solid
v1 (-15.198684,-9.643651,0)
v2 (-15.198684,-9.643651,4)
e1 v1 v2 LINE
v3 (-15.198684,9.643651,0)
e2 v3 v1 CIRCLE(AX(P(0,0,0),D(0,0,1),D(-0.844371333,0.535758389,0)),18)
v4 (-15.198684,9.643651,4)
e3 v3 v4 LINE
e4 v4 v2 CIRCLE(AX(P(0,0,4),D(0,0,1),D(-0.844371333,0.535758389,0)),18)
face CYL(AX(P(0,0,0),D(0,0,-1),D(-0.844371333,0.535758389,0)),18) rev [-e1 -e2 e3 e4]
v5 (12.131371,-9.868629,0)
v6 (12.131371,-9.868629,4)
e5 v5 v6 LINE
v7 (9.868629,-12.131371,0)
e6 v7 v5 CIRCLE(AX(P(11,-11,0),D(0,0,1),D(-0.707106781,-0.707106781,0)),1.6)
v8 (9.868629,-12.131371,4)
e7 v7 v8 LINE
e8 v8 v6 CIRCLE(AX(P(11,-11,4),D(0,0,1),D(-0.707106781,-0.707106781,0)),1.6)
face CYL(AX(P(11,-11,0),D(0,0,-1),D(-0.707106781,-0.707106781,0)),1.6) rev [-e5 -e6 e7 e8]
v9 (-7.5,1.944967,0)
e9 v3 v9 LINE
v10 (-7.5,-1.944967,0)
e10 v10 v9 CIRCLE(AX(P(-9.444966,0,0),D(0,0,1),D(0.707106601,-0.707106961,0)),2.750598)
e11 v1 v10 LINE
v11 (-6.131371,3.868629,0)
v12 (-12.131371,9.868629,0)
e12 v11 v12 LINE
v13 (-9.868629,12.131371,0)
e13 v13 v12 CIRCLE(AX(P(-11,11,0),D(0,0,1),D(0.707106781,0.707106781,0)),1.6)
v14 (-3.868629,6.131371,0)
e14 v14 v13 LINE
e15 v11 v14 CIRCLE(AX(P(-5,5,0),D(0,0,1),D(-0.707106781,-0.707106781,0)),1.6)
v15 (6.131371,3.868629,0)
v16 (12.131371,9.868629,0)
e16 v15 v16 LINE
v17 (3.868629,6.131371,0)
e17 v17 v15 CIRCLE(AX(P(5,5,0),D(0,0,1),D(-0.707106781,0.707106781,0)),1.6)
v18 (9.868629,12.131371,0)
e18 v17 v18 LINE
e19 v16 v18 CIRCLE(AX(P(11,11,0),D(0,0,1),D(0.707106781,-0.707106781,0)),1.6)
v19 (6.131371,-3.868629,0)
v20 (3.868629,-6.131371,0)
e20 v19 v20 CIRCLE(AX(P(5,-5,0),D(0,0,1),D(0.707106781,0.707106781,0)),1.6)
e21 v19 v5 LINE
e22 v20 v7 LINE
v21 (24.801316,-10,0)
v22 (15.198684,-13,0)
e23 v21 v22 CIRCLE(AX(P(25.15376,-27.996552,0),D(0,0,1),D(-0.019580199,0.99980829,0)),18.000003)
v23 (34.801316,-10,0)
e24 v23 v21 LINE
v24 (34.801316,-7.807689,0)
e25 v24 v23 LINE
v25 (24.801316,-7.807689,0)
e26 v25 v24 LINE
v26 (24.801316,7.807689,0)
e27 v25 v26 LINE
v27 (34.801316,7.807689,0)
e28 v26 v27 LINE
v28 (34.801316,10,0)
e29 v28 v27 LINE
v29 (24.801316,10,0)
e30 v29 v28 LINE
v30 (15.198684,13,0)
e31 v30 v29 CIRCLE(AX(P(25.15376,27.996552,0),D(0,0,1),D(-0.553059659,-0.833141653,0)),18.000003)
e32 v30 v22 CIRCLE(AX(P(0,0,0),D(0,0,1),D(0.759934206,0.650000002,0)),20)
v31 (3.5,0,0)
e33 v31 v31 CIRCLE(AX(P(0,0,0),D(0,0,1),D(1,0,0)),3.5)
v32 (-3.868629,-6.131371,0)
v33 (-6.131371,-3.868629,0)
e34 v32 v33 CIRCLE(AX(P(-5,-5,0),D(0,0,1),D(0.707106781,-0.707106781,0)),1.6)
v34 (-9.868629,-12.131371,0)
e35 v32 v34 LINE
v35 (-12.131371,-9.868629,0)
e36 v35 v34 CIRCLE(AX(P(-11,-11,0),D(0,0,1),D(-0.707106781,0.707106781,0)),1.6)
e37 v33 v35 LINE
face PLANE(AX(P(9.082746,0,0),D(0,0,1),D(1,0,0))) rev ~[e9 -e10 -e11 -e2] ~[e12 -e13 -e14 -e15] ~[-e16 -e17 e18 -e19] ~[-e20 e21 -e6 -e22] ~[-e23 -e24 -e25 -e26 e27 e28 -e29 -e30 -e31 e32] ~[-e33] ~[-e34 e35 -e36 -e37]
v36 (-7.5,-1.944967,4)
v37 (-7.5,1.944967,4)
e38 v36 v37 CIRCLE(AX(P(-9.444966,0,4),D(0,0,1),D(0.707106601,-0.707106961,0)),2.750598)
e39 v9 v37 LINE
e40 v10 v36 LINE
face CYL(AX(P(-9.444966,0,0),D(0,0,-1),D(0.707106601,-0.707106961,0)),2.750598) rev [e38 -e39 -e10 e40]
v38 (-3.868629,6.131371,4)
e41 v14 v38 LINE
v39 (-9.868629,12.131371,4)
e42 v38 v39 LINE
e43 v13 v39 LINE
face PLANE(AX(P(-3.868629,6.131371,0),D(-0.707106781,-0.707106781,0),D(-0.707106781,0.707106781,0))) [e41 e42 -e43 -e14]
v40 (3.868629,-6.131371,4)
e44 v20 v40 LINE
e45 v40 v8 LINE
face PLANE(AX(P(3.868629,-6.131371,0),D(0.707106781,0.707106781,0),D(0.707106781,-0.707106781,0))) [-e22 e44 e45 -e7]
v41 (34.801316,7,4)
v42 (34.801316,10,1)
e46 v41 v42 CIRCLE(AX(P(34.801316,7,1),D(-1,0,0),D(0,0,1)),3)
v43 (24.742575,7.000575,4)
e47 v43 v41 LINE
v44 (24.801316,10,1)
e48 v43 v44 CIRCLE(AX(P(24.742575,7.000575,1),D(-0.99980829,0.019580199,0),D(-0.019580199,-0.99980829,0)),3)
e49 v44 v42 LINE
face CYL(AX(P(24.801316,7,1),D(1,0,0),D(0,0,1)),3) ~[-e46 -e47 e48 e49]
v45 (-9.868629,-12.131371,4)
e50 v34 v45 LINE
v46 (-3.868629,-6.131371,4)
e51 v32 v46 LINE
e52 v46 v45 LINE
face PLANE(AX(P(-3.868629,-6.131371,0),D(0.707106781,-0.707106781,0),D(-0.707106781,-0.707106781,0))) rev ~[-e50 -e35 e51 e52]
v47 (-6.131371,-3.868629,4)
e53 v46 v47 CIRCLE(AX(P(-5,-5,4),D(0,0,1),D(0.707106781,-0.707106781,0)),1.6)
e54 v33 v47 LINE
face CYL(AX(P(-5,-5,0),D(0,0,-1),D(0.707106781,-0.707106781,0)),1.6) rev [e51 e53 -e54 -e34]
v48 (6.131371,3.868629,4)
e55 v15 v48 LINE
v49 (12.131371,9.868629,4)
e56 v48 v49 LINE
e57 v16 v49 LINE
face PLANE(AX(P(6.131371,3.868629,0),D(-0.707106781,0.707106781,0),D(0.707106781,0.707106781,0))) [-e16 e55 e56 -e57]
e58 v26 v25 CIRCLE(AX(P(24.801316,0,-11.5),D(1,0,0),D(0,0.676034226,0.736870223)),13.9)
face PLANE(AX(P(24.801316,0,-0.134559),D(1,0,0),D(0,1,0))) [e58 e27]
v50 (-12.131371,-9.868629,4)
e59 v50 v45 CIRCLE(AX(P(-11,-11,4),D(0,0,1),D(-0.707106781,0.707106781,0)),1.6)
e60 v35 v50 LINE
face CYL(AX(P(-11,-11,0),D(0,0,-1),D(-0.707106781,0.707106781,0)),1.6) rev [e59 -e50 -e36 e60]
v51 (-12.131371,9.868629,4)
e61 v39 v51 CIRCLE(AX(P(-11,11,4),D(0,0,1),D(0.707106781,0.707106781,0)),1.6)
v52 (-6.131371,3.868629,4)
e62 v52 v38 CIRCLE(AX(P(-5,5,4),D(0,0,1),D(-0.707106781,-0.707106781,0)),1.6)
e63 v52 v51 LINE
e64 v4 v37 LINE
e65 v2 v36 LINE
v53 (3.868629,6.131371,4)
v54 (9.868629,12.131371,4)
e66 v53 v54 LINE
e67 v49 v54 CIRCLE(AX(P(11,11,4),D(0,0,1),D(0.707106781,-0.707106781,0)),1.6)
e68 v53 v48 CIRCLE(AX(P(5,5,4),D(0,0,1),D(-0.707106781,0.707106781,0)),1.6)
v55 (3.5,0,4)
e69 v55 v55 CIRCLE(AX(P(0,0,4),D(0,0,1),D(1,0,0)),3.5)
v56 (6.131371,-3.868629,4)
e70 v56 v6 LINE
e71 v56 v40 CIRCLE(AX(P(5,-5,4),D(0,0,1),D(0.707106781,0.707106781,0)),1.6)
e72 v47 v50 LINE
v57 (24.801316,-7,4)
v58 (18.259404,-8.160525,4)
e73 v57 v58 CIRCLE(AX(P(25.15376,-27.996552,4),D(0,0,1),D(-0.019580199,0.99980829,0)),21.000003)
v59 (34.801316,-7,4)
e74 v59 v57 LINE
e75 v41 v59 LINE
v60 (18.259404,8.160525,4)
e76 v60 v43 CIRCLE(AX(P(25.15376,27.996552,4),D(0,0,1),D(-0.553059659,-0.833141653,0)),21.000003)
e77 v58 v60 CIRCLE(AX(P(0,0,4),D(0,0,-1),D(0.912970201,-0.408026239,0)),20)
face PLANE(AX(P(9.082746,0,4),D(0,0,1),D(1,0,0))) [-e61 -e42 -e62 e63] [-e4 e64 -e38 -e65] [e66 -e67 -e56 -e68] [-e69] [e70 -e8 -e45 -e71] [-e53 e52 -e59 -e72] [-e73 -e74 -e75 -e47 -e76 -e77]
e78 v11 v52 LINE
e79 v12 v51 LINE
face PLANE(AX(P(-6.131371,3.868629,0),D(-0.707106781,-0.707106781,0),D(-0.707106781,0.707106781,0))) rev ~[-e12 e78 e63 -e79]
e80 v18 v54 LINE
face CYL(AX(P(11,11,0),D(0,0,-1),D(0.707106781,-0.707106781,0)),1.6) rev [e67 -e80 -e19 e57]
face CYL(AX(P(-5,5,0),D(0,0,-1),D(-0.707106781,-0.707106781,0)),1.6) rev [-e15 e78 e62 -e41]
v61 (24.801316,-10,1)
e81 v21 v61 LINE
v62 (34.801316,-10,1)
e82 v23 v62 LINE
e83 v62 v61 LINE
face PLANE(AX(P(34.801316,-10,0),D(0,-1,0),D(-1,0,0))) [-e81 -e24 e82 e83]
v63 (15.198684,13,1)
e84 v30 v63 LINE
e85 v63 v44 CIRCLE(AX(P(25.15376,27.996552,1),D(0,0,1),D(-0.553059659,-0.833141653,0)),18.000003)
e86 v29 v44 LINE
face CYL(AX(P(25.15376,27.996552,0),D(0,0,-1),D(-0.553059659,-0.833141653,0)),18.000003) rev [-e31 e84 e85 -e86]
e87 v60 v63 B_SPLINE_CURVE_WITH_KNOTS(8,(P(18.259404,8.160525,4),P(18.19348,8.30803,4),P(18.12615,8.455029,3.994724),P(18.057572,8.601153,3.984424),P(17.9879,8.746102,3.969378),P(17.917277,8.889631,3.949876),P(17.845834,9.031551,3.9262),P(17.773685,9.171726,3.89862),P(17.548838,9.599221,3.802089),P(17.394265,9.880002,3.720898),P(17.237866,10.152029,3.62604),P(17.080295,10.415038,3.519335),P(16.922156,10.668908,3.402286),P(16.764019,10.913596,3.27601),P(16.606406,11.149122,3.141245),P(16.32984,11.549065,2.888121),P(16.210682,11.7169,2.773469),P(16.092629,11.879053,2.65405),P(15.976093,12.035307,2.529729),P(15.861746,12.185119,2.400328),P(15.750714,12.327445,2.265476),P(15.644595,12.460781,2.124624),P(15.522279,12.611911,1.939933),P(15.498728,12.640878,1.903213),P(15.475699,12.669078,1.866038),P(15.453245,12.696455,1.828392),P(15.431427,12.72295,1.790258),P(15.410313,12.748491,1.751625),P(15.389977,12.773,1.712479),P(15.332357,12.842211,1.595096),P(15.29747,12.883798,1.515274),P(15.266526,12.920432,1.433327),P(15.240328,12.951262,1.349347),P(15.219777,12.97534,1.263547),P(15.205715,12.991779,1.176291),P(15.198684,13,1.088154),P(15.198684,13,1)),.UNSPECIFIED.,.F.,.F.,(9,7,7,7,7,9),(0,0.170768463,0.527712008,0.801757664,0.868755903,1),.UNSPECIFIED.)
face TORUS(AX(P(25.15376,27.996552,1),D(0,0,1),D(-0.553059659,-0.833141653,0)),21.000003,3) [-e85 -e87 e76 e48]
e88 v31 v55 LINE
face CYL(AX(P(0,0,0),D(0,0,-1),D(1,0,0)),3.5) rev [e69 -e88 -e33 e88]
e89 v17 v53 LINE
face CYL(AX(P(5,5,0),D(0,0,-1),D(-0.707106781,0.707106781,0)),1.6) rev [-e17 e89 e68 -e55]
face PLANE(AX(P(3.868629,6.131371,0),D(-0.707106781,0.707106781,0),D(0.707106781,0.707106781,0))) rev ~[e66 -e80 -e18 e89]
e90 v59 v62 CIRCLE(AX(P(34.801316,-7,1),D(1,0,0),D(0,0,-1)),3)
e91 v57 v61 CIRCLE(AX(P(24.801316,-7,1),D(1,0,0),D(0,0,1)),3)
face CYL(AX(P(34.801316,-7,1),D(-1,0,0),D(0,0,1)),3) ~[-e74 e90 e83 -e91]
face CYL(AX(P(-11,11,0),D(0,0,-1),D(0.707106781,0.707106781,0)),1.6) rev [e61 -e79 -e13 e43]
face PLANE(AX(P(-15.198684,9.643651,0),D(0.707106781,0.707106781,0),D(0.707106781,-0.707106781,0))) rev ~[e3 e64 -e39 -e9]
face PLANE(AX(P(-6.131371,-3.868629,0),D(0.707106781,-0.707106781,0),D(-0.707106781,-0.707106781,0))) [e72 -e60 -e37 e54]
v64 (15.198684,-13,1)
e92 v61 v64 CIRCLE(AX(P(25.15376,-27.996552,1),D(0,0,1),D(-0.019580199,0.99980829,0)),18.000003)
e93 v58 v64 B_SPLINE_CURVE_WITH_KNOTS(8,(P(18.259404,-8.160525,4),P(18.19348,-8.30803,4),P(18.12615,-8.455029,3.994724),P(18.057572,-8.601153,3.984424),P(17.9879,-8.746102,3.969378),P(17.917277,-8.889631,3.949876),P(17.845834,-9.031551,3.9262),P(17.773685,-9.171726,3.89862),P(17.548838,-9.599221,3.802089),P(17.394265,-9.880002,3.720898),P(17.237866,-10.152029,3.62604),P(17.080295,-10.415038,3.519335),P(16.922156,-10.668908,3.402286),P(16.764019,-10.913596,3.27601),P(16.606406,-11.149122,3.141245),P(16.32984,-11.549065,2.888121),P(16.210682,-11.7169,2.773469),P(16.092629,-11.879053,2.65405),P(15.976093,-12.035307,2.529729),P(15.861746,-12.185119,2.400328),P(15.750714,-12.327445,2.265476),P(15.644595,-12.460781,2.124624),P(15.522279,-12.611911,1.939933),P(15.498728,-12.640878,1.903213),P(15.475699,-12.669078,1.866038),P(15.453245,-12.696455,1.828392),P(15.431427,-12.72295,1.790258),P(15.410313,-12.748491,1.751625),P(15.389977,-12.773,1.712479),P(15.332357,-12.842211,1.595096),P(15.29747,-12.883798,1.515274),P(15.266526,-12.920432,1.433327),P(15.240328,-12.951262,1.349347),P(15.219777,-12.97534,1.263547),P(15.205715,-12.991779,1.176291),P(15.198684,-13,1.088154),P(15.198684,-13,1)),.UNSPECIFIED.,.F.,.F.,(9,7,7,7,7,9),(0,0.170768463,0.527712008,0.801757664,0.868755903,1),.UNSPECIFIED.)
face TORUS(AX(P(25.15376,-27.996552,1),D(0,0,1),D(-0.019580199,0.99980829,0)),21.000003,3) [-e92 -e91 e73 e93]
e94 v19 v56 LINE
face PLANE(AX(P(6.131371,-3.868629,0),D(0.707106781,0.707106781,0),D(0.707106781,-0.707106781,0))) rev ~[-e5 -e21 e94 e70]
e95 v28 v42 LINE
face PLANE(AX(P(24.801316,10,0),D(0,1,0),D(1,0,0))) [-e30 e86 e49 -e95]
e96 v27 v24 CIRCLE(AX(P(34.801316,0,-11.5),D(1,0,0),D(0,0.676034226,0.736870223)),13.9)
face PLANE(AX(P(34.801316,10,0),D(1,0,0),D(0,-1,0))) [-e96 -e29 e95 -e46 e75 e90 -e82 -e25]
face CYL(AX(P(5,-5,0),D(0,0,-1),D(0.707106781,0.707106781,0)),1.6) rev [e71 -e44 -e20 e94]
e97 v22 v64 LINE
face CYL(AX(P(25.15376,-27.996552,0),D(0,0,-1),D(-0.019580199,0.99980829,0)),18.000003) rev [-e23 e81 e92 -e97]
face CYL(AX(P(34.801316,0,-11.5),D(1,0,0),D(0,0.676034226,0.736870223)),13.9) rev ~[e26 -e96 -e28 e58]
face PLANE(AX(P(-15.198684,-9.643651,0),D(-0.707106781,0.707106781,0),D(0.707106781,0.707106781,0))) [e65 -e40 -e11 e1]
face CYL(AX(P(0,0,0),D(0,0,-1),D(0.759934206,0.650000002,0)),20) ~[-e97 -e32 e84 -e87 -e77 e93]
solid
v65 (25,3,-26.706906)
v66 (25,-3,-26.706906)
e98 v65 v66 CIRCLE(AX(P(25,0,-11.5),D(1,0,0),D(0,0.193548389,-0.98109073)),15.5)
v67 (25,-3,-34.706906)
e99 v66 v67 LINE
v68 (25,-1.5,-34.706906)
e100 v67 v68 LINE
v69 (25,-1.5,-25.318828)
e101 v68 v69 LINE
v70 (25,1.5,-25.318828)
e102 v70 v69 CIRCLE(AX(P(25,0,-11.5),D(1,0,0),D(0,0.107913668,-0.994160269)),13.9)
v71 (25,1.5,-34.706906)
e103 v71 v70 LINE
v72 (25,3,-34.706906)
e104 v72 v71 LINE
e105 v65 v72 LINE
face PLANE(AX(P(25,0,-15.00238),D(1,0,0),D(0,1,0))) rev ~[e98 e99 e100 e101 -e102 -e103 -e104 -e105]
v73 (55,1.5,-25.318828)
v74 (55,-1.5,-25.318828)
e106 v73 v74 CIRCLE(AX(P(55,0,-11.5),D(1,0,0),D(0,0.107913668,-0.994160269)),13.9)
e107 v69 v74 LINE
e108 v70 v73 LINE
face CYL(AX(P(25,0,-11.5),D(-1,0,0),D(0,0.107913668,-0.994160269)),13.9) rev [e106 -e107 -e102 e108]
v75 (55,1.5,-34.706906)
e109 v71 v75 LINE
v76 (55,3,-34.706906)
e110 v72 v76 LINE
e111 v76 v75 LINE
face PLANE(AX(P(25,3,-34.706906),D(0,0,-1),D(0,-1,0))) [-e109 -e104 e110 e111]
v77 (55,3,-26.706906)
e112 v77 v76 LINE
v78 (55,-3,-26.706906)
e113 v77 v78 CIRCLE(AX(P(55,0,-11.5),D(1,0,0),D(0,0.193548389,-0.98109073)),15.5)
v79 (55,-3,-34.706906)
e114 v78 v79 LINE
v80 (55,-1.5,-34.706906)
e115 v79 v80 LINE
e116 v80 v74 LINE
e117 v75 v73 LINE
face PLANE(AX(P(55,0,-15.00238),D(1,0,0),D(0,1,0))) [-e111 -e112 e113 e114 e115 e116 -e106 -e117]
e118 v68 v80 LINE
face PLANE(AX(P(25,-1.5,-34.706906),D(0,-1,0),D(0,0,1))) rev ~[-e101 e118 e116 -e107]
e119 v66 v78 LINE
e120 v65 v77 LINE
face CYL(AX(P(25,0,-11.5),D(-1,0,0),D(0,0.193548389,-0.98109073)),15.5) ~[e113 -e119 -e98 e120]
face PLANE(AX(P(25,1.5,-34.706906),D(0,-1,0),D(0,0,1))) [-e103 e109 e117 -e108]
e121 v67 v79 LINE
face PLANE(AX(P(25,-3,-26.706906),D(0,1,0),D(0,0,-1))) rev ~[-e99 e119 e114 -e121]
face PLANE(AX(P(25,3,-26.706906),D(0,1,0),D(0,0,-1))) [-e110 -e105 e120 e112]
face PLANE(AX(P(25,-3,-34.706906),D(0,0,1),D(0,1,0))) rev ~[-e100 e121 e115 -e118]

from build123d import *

# Parameters (mm, degrees)
EXTRUDE002_DEPTH = 30
EXTRUDE003_DEPTH = 10
SKETCH_R         = 3.5
EXTRUDE_DEPTH    = 4
FILLET_R         = 3


with BuildPart() as bracket_cylinder:
    # Sketch001 → Extrude002 (new body)
    with BuildSketch(Plane.YZ.offset(25)):
        with BuildLine():
            ThreePointArc((3, -26.706906), (0, 4), (-3, -26.706906))
            Line((-3, -26.706906), (-3, -34.706906))
            Line((-3, -34.706906), (-1.5, -34.706906))
            Line((-1.5, -34.706906), (-1.5, -25.318828))
            ThreePointArc((1.5, -25.318828), (0, 2.4), (-1.5, -25.318828))
            Line((1.5, -34.706906), (1.5, -25.318828))
            Line((3, -34.706906), (1.5, -34.706906))
            Line((3, -26.706906), (3, -34.706906))
        make_face()
    extrude(amount=EXTRUDE002_DEPTH)


with BuildPart() as extrude003:
    # Sketch002 → Extrude003 (new body)
    with BuildSketch(Plane.YZ.offset(34.801316)):
        with BuildLine():
            ThreePointArc((9.396876, -1.257504), (0, 2.4), (-9.396876, -1.257504))
            Line((-9.396876, -1.257504), (9.396876, -1.257504))
        make_face()
    extrude(amount=-EXTRUDE003_DEPTH)


with BuildPart() as fillet_body:
    # Sketch → Extrude (new body)
    with BuildSketch(Plane.XY):
        with BuildLine():
            ThreePointArc((15.198684, 13), (-20, 0), (15.198684, -13))
            ThreePointArc((24.801316, -10), (19.786149, -10.815491), (15.198684, -13))
            Line((34.801316, -10), (24.801316, -10))
            Line((34.801316, 10), (34.801316, -10))
            Line((24.801316, 10), (34.801316, 10))
            ThreePointArc((15.198684, 13), (19.786149, 10.815491), (24.801316, 10))
        make_face()
        Circle(SKETCH_R, mode=Mode.SUBTRACT)
        with BuildLine():
            ThreePointArc((3.868629, 6.131371), (3.868629, 3.868629), (6.131371, 3.868629))
            Line((6.131371, 3.868629), (12.131371, 9.868629))
            ThreePointArc((12.131371, 9.868629), (12.131371, 12.131371), (9.868629, 12.131371))
            Line((3.868629, 6.131371), (9.868629, 12.131371))
        make_face(mode=Mode.SUBTRACT)
        with BuildLine():
            ThreePointArc((-6.131371, 3.868629), (-3.868629, 3.868629), (-3.868629, 6.131371))
            Line((-3.868629, 6.131371), (-9.868629, 12.131371))
            ThreePointArc((-9.868629, 12.131371), (-12.131371, 12.131371), (-12.131371, 9.868629))
            Line((-6.131371, 3.868629), (-12.131371, 9.868629))
        make_face(mode=Mode.SUBTRACT)
        with BuildLine():
            ThreePointArc((-3.868629, -6.131371), (-3.868629, -3.868629), (-6.131371, -3.868629))
            Line((-6.131371, -3.868629), (-12.131371, -9.868629))
            ThreePointArc((-12.131371, -9.868629), (-12.131371, -12.131371), (-9.868629, -12.131371))
            Line((-3.868629, -6.131371), (-9.868629, -12.131371))
        make_face(mode=Mode.SUBTRACT)
        with BuildLine():
            ThreePointArc((6.131371, -3.868629), (3.868629, -3.868629), (3.868629, -6.131371))
            Line((3.868629, -6.131371), (9.868629, -12.131371))
            ThreePointArc((9.868629, -12.131371), (12.131371, -12.131371), (12.131371, -9.868629))
            Line((6.131371, -3.868629), (12.131371, -9.868629))
        make_face(mode=Mode.SUBTRACT)
        with BuildLine():
            Line((-15.198684, 9.643651), (-7.5, 1.944967))
            ThreePointArc((-7.5, -1.944967), (-6.694368, 0), (-7.5, 1.944967))
            Line((-15.198684, -9.643651), (-7.5, -1.944967))
            ThreePointArc((-15.198684, 9.643651), (-18, 0), (-15.198684, -9.643651))
        make_face(mode=Mode.SUBTRACT)
    extrude(amount=EXTRUDE_DEPTH)

    # Cut: cut Extrude003
    add(extrude003.part, mode=Mode.SUBTRACT)

    # Fillet
    fillet_edges = [fillet_body.edges().sort_by_distance(p)[0] for p in [
        (29.801316, -10, 4),
        (29.801316, 10, 4),
    ]]
    fillet(fillet_edges, radius=FILLET_R)


solid = Compound([bracket_cylinder.part, fillet_body.part])
